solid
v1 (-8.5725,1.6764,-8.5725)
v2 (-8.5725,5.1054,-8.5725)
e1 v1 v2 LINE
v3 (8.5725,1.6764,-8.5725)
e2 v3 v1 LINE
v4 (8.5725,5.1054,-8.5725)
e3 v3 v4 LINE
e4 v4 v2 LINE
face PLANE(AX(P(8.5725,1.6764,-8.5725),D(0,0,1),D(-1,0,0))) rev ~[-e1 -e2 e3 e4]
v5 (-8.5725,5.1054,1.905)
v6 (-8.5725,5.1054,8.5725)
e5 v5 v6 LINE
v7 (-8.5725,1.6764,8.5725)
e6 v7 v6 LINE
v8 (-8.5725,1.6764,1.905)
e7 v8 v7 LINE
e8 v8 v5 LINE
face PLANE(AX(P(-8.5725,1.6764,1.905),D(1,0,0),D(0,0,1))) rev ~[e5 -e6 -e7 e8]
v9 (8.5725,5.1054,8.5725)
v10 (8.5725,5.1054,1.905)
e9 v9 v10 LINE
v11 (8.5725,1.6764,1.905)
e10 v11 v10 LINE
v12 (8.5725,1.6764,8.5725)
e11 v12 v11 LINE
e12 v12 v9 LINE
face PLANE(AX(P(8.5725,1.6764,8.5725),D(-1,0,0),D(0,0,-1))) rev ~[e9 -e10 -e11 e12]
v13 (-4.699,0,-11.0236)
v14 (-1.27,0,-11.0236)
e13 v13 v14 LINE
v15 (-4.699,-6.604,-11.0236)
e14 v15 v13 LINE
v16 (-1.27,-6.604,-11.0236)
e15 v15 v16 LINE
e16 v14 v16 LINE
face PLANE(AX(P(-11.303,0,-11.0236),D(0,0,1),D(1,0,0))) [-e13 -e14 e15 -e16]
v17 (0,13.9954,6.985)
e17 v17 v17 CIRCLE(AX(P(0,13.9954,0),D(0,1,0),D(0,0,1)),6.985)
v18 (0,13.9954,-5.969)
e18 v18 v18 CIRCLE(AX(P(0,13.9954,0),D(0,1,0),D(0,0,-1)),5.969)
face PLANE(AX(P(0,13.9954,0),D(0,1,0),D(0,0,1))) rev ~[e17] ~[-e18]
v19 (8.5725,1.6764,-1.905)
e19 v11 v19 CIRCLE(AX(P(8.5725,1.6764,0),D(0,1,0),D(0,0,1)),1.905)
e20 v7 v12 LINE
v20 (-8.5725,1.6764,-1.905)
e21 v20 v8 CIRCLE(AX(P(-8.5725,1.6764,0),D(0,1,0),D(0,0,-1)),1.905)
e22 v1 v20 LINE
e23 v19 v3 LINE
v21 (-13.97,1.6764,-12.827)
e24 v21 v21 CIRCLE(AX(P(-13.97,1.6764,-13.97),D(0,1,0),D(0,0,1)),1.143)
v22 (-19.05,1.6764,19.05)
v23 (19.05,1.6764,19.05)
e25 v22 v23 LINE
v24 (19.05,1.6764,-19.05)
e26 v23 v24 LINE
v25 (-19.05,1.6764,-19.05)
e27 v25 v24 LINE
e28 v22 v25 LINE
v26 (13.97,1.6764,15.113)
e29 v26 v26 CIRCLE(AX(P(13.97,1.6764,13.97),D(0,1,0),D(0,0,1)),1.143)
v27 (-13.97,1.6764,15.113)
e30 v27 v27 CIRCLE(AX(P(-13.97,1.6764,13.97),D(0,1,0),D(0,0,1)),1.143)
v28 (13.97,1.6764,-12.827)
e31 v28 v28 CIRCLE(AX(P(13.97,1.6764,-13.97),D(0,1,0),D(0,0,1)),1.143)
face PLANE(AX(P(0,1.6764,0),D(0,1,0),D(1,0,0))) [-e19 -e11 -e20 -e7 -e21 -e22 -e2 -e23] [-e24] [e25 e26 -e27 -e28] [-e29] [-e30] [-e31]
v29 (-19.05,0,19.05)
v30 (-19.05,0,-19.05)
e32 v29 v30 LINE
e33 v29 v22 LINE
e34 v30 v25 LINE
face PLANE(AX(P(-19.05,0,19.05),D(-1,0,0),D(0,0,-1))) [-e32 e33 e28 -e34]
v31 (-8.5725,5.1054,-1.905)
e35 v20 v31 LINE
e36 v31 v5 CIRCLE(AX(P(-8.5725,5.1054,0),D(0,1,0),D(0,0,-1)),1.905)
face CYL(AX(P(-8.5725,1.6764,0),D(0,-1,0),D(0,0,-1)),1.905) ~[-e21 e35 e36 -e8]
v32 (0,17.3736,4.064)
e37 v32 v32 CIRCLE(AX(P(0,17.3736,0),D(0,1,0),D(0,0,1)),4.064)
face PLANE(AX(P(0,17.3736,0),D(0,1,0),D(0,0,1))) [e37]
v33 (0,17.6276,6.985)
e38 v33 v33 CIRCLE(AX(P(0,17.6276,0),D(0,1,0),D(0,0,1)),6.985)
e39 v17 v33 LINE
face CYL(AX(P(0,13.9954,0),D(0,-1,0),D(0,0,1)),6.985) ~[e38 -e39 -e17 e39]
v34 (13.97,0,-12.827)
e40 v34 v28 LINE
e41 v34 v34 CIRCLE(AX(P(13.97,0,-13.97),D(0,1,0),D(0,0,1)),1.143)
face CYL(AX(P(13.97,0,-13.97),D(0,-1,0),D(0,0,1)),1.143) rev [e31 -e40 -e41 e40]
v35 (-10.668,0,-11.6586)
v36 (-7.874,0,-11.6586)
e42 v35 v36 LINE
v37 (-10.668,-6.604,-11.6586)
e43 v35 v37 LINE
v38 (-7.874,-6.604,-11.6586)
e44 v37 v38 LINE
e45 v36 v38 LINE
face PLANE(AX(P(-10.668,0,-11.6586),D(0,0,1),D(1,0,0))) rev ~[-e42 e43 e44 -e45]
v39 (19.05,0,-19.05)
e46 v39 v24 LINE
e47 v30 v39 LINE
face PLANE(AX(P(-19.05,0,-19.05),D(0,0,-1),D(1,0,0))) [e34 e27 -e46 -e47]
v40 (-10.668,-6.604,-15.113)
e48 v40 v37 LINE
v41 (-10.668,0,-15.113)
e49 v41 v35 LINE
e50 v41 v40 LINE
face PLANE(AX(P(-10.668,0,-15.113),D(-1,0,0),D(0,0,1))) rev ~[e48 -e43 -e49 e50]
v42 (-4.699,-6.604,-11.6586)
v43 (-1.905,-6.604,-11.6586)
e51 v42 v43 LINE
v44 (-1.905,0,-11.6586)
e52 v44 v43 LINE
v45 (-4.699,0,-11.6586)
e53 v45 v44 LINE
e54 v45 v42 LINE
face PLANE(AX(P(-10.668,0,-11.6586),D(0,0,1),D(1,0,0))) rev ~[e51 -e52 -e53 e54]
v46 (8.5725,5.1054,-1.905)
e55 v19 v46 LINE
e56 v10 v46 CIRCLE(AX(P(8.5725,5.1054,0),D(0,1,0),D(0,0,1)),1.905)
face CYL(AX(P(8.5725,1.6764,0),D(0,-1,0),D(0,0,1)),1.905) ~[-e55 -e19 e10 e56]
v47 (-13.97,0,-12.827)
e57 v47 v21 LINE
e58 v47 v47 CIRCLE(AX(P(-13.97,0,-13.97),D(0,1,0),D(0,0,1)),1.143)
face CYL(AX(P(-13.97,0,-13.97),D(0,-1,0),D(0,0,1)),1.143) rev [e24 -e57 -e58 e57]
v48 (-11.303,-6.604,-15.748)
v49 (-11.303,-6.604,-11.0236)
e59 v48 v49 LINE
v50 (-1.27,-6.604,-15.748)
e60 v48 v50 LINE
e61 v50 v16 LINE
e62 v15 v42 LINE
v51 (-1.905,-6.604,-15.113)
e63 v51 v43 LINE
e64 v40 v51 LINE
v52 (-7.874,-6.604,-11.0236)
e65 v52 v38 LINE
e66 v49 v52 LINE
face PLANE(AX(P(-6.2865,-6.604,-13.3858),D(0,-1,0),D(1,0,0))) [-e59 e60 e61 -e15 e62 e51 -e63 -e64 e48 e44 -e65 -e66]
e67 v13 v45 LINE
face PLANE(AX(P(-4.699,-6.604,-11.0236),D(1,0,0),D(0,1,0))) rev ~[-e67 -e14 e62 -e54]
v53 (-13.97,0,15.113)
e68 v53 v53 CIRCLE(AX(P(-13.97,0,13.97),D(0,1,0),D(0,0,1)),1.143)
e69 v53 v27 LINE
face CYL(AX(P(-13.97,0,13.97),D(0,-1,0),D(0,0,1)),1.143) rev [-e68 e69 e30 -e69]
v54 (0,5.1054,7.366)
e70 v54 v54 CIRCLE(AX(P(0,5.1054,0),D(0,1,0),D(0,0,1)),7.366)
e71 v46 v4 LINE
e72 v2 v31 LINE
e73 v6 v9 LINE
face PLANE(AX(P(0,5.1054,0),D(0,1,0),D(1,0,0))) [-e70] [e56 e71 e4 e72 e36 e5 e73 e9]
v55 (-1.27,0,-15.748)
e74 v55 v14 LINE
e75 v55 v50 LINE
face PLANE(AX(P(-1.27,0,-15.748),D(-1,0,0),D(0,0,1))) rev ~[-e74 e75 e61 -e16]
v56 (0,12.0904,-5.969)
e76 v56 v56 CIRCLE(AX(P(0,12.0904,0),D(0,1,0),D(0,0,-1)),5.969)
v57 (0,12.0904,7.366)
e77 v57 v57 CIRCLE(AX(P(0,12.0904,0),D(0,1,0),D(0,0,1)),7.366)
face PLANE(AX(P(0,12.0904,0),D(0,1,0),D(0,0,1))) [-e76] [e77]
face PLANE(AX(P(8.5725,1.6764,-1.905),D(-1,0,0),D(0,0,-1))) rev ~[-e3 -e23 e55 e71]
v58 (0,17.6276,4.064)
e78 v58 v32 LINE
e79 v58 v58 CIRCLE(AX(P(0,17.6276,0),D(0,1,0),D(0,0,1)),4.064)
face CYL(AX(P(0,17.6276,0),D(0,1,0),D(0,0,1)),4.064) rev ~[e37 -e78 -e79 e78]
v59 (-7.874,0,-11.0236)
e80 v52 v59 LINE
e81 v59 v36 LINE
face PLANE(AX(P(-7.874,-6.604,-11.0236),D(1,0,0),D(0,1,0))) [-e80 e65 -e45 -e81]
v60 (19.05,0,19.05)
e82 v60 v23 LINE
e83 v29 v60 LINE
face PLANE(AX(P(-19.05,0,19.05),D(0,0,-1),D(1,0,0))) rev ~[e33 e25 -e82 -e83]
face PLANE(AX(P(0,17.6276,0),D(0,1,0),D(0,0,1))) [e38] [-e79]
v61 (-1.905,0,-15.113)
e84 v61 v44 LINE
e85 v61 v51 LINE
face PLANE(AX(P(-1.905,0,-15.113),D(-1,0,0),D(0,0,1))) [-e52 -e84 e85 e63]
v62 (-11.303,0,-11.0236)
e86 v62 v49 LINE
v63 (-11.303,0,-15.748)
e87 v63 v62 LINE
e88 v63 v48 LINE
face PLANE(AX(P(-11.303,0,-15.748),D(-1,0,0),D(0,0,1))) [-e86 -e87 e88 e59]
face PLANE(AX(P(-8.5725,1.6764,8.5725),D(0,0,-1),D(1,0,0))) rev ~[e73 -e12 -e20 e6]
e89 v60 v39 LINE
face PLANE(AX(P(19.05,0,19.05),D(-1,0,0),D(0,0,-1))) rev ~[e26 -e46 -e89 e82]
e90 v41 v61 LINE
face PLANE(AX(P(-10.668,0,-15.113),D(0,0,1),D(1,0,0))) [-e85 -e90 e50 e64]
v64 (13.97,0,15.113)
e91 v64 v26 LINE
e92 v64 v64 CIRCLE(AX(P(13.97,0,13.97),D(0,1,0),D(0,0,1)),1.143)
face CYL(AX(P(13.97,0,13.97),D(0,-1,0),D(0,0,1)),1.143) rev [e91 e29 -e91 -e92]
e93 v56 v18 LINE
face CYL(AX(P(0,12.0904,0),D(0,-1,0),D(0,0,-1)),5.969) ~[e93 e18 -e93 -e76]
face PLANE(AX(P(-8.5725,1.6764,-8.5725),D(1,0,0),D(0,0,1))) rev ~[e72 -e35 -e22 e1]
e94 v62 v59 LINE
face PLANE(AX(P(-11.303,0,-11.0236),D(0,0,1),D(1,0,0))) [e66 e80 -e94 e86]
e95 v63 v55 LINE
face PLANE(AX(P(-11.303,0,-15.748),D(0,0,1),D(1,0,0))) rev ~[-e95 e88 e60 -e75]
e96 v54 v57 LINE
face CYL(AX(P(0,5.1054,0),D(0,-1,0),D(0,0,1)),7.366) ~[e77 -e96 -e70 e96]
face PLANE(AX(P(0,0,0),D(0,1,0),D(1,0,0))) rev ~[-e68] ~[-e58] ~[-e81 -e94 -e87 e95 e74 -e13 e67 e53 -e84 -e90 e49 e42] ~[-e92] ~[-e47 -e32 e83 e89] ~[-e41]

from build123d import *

# Parameters (mm, degrees)
SKETCH1_W           = 38.1
SKETCH1_H           = 38.1
SKETCH1_R           = 1.143
BOSS_EXTRUDE1_DEPTH = 1.6764
BOSS_EXTRUDE2_DEPTH = 3.429
SKETCH3_R           = 7.366
BOSS_EXTRUDE3_DEPTH = 6.985
SKETCH4_R           = 5.969
BOSS_EXTRUDE4_DEPTH = 1.905
SKETCH5_R           = 6.985
BOSS_EXTRUDE5_DEPTH = 3.6322
SKETCH6_R           = 4.064
CUT_EXTRUDE1_DEPTH  = 0.254
SKETCH7_W           = 10.033
SKETCH7_H           = 4.7244
SKETCH7_W_2         = 8.763
SKETCH7_H_2         = 3.4544
BOSS_EXTRUDE6_DEPTH = 6.604
CUT_EXTRUDE2_REACH  = 41.725
SKETCH9_W           = 3.175
SKETCH9_H           = 6.604


with BuildPart() as part:
    # Sketch1 → Boss-Extrude1 (new body)
    with BuildSketch(Plane(origin=(0, 0, 0), x_dir=(1, 0, 0), z_dir=(0, 1, 0))):
        Rectangle(SKETCH1_W, SKETCH1_H)
        with Locations(Location((-13.97, 13.97, 0), (0, 0, 270))):
            Circle(SKETCH1_R, mode=Mode.SUBTRACT)
        with Locations(Location((-13.97, -13.97, 0), (0, 0, 270))):
            Circle(SKETCH1_R, mode=Mode.SUBTRACT)
        with Locations(Location((13.97, -13.97, 0), (0, 0, 270))):
            Circle(SKETCH1_R, mode=Mode.SUBTRACT)
        with Locations(Location((13.97, 13.97, 0), (0, 0, 270))):
            Circle(SKETCH1_R, mode=Mode.SUBTRACT)
    extrude(amount=BOSS_EXTRUDE1_DEPTH)

    # Sketch2 → Boss-Extrude2 (add)
    with BuildSketch(Plane(origin=(0, 1.6764, 0), x_dir=(1, 0, 0), z_dir=(0, 1, 0))):
        with BuildLine():
            Line((-8.5725, -1.905), (-8.5725, -8.5725))
            Line((-8.5725, -8.5725), (8.5725, -8.5725))
            Line((8.5725, -8.5725), (8.5725, -1.905))
            ThreePointArc((8.5725, -1.905), (10.4775, 0), (8.5725, 1.905))
            Line((8.5725, 1.905), (8.5725, 8.5725))
            Line((8.5725, 8.5725), (-8.5725, 8.5725))
            Line((-8.5725, 8.5725), (-8.5725, 1.905))
            ThreePointArc((-8.5725, 1.905), (-10.4775, 0), (-8.5725, -1.905))
        make_face()
    extrude(amount=BOSS_EXTRUDE2_DEPTH)

    # Sketch3 → Boss-Extrude3 (add)
    with BuildSketch(Plane(origin=(0, 5.1054, 0), x_dir=(1, 0, 0), z_dir=(0, 1, 0))):
        with Locations(Location((0, 0, 0), (0, 0, 270))):
            Circle(SKETCH3_R)
    extrude(amount=BOSS_EXTRUDE3_DEPTH)

    # Sketch4 → Boss-Extrude4 (add)
    with BuildSketch(Plane(origin=(0, 12.0904, 0), x_dir=(1, 0, 0), z_dir=(0, 1, 0))):
        with Locations(Location((0, 0, 0), (0, 0, 90))):
            Circle(SKETCH4_R)
    extrude(amount=BOSS_EXTRUDE4_DEPTH)

    # Sketch5 → Boss-Extrude5 (add)
    with BuildSketch(Plane(origin=(0, 13.9954, 0), x_dir=(1, 0, 0), z_dir=(0, 1, 0))):
        with Locations(Location((0, 0, 0), (0, 0, 270))):
            Circle(SKETCH5_R)
    extrude(amount=BOSS_EXTRUDE5_DEPTH)

    # Sketch6 → Cut-Extrude1 (cut)
    with BuildSketch(Plane(origin=(0, 17.6276, 0), x_dir=(1, 0, 0), z_dir=(0, 1, 0))):
        with Locations(Location((0, 0, 0), (0, 0, 270))):
            Circle(SKETCH6_R)
    extrude(amount=-CUT_EXTRUDE1_DEPTH, mode=Mode.SUBTRACT)

    # Sketch7 → Boss-Extrude6 (add)
    with BuildSketch(Plane.XZ):
        with Locations((-6.2865, -13.3858)):
            Rectangle(SKETCH7_W, SKETCH7_H)
        with Locations((-6.2865, -13.3858)):
            Rectangle(SKETCH7_W_2, SKETCH7_H_2, mode=Mode.SUBTRACT)
    extrude(amount=BOSS_EXTRUDE6_DEPTH)

    # Sketch9 → Cut-Extrude2 (cut, up to next)
    with BuildSketch(Plane.XY.offset(-11.0236), mode=Mode.PRIVATE) as cut_extrude2_sk1:
        with Locations((-6.2865, -3.302)):
            Rectangle(SKETCH9_W, SKETCH9_H)
    cut_extrude2_tool1 = extrude(cut_extrude2_sk1.sketch, amount=-CUT_EXTRUDE2_REACH, mode=Mode.PRIVATE) & part.part
    add(cut_extrude2_tool1.solids().sort_by_distance((-6.2865, -3.302, -11.0236))[0], mode=Mode.SUBTRACT)


solid = part.part
